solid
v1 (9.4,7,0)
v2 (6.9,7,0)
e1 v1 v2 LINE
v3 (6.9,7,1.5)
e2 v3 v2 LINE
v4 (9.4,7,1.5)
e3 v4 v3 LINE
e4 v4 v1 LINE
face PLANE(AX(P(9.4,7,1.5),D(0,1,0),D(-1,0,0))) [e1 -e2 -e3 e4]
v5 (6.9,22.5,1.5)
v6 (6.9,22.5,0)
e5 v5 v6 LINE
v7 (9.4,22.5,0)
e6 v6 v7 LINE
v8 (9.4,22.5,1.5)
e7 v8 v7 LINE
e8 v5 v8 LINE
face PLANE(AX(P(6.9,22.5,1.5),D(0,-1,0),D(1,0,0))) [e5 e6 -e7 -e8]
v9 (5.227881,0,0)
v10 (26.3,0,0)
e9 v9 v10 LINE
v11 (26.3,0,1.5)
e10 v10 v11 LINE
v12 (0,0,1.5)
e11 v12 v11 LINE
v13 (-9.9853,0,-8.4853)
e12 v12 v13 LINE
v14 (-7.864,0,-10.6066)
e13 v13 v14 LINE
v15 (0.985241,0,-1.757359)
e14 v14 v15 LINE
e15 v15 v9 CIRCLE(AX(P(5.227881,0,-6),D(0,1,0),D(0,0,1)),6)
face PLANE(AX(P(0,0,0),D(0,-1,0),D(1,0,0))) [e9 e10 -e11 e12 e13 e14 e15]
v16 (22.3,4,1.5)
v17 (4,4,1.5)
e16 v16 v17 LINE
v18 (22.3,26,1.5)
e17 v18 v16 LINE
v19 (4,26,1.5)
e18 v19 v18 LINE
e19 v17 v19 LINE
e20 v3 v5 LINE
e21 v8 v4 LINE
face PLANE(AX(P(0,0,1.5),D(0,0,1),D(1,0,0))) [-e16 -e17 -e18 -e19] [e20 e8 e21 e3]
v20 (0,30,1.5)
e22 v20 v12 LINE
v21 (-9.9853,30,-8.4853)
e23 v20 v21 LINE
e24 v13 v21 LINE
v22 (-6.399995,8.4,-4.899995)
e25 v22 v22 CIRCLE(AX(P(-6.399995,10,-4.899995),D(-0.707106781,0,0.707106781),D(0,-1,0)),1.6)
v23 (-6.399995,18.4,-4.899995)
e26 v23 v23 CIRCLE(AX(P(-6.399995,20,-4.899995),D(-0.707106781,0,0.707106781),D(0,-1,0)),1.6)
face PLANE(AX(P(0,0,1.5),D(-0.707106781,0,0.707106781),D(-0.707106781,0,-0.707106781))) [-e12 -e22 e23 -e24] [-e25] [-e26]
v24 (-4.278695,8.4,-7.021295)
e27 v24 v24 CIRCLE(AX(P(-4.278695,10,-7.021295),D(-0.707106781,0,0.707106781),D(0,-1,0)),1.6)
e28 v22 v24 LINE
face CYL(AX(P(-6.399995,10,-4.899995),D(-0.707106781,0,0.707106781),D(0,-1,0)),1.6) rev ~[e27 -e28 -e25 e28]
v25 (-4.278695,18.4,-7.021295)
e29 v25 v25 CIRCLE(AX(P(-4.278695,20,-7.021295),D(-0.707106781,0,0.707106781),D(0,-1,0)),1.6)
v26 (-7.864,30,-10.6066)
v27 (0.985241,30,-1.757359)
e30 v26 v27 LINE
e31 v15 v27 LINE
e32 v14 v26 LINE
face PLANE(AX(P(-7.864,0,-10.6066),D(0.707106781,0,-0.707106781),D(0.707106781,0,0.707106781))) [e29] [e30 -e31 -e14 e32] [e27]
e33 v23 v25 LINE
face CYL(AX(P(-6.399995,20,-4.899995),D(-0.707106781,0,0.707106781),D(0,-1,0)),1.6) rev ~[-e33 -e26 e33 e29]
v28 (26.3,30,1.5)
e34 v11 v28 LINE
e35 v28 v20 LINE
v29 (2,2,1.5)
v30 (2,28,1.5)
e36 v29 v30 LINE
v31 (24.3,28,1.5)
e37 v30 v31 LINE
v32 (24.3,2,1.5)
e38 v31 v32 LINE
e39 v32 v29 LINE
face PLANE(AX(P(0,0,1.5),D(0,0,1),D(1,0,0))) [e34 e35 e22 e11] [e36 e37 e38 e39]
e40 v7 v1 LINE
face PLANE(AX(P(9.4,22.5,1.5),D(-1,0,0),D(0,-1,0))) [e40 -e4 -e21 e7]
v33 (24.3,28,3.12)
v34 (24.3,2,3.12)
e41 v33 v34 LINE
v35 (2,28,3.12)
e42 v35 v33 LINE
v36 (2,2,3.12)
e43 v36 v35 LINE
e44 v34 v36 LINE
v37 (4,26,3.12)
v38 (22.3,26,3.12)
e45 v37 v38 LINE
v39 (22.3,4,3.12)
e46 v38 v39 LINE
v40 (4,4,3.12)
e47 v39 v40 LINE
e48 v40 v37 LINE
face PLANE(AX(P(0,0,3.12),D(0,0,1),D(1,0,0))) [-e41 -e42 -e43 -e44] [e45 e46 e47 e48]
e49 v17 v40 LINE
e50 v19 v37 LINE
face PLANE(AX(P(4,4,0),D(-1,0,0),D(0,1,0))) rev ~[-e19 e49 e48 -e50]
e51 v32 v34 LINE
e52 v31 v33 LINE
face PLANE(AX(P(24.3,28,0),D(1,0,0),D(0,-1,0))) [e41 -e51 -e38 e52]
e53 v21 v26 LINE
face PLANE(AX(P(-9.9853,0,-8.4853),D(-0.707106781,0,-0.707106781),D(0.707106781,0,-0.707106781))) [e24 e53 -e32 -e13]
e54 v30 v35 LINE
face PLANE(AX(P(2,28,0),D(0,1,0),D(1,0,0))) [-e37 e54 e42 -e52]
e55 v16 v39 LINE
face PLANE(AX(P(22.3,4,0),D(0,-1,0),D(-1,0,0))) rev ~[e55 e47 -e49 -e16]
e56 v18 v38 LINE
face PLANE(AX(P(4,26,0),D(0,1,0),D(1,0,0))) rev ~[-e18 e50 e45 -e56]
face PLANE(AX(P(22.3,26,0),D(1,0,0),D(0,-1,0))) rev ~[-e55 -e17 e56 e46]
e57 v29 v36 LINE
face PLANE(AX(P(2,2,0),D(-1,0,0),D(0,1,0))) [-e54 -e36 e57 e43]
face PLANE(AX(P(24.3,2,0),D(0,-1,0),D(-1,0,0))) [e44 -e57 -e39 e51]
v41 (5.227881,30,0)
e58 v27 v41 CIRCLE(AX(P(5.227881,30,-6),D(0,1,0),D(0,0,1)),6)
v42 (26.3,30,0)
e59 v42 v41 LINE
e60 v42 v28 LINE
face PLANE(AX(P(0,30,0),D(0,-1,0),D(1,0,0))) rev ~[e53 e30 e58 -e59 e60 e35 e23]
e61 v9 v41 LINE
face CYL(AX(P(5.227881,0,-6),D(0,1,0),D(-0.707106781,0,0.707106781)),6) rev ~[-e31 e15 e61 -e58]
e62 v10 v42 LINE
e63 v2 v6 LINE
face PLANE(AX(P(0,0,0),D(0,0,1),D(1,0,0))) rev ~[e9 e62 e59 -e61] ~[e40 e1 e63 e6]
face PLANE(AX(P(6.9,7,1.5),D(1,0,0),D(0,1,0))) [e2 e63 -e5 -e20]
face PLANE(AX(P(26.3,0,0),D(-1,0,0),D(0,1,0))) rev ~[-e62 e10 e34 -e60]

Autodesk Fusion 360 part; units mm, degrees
sketch "Sketch1" plane through (0, 0, 0) normal (0, 0, 1) x (1, 0, 0)
  line L0 (0, 0) -> (26.3, 0)
  line L1 (26.3, 0) -> (26.3, 30)
  line L2 (26.3, 30) -> (0, 30)
  line L3 (0, 30) -> (0, 0)
  line L4 (2, 28) -> (24.3, 28)
  line L5 (24.3, 28) -> (24.3, 2)
  line L6 (24.3, 2) -> (2, 2)
  line L7 (2, 2) -> (2, 28)
  line L8 (4, 26) -> (22.3, 26)
  line L9 (22.3, 26) -> (22.3, 4)
  line L10 (22.3, 4) -> (4, 4)
  line L11 (4, 4) -> (4, 26)
  dimension "d1" = 26.3
  dimension "d2" = 30
  dimension "d3" = 2
  dimension "d4" = 2
  dimension "d5" = 2
  dimension "d6" = 2
  dimension "d7" = 2
  dimension "d8" = 2
  dimension "d9" = 2
  dimension "d10" = 2
  dimension "d45" = 17.3
extrude "Extrude2" add sketch "Sketch1" along normal blind 1.5 makes body 1 at (10.1, 18.6667, 0) makes body 2 at (25.6333, 10.6667, 0)
extrude "Extrude1" add sketch "Sketch1" along normal blind 3.12 contours L4 L5 L6 L7 bodies 1 2
sketch "Sketch2" plane through (0, 0, 1.5) normal (0, 0, 1) x (-1, 0, 0)
  line L0 (-6.9, -22.5) -> (-9.4, -22.5)
  line L1 (-9.4, -22.5) -> (-9.4, -7)
  line L2 (-9.4, -7) -> (-6.9, -7)
  line L3 (-6.9, -7) -> (-6.9, -22.5)
  line L4 (-4, -4) -> (-22.3, -4)
  line L5 (-22.3, -4) -> (-22.3, -26)
  line L6 (-22.3, -26) -> (-4, -26)
  line L7 (-4, -26) -> (-4, -4)
  line L8 (-24.3, -2) -> (-2, -2)
  line L9 (-2, -2) -> (-2, -28)
  line L10 (-2, -28) -> (-24.3, -28)
  line L11 (-24.3, -28) -> (-24.3, -2)
  line L12 (0, -30) -> (0, 0)
  line L13 (0, 0) -> (-26.3, 0)
  line L14 (-26.3, 0) -> (-26.3, -30)
  line L15 (-26.3, -30) -> (0, -30)
  line L16 (-4.4, -23) -> (-4.4, -7)
  dimension "d15" = 15.5
  dimension "d16" = 2.5
  dimension "d39" = 2.9
  dimension "d40" = 6.9
  dimension "d41" = 4.9
  dimension "d43" = 4.4
  dimension "d44" = 2.5
extrude "Extrude3" cut sketch "Sketch2" against normal blind 3 contours L0 L1 L2 L3 bodies 1
sketch "Sketch3" plane through (0, 0, 0) normal (0, -1, 0) x (1, 0, 0)
  line L0 (0, 0) -> (26.3, 0)
  line L1 (26.3, 0) -> (26.3, 1.5)
  line L2 (26.3, 1.5) -> (0, 1.5)
  line L3 (0, 1.5) -> (0, 0)
  line L4 (0, 1.5) -> (-9.9853, -8.4853)
  line L5 (-9.9853, -8.4853) -> (-7.864, -10.6066)
  line L6 (-7.864, -10.6066) -> (2.7426, 0)
  dimension "d21" = 3
  dimension "d32" = 15
  dimension "d35" = 135
extrude "Extrude4" add sketch "Sketch3" against normal blind 30 contours L0 L3 L4 L5 L6 bodies 1
sketch "Sketch4" plane through (-0.75, 0, 0.75) normal (-0.7071, 0, 0.7071) x (0, -1, 0)
  line L0 (0, -13.0607) -> (0, 1.0607)
  line L1 (0, 1.0607) -> (-30, 1.0607)
  line L2 (-30, 1.0607) -> (-30, -13.0607)
  line L3 (-30, -13.0607) -> (0, -13.0607)
  circle A0 centre (-20, -7.9903) radius 1.6
  circle A1 centre (-10, -7.9903) radius 1.6
  dimension "d24" = 3.2
  dimension "d25" = 3.2
  dimension "d26" = 10
  dimension "d27" = 10
  dimension "d29" = 9.051
extrude "Extrude5" cut sketch "Sketch4" against normal blind 5 contours A0 | A1 bodies 1
fillet "Fillet2" radius 6 1 edges at (2.7426, 15, 0) on bodies 1
component "Component" placed x (1, 0, 0) y (0, 1, 0) z (0, 0, 1) at (0, 0, 0)
equation "d4 = d3"
equation "d5 = d3"
equation "d6 = d3"
equation "d8 = d7"
equation "d9 = d7"
equation "d10 = d7"
equation "d11 = 1.5 mm + 1.62 mm"
equation "d25 = d24"
equation "d27 = ( 30 mm - d26 ) / 2"
equation "d29 = Linear Dimension-4"
equation "d35 = Angular Dimension-2"
